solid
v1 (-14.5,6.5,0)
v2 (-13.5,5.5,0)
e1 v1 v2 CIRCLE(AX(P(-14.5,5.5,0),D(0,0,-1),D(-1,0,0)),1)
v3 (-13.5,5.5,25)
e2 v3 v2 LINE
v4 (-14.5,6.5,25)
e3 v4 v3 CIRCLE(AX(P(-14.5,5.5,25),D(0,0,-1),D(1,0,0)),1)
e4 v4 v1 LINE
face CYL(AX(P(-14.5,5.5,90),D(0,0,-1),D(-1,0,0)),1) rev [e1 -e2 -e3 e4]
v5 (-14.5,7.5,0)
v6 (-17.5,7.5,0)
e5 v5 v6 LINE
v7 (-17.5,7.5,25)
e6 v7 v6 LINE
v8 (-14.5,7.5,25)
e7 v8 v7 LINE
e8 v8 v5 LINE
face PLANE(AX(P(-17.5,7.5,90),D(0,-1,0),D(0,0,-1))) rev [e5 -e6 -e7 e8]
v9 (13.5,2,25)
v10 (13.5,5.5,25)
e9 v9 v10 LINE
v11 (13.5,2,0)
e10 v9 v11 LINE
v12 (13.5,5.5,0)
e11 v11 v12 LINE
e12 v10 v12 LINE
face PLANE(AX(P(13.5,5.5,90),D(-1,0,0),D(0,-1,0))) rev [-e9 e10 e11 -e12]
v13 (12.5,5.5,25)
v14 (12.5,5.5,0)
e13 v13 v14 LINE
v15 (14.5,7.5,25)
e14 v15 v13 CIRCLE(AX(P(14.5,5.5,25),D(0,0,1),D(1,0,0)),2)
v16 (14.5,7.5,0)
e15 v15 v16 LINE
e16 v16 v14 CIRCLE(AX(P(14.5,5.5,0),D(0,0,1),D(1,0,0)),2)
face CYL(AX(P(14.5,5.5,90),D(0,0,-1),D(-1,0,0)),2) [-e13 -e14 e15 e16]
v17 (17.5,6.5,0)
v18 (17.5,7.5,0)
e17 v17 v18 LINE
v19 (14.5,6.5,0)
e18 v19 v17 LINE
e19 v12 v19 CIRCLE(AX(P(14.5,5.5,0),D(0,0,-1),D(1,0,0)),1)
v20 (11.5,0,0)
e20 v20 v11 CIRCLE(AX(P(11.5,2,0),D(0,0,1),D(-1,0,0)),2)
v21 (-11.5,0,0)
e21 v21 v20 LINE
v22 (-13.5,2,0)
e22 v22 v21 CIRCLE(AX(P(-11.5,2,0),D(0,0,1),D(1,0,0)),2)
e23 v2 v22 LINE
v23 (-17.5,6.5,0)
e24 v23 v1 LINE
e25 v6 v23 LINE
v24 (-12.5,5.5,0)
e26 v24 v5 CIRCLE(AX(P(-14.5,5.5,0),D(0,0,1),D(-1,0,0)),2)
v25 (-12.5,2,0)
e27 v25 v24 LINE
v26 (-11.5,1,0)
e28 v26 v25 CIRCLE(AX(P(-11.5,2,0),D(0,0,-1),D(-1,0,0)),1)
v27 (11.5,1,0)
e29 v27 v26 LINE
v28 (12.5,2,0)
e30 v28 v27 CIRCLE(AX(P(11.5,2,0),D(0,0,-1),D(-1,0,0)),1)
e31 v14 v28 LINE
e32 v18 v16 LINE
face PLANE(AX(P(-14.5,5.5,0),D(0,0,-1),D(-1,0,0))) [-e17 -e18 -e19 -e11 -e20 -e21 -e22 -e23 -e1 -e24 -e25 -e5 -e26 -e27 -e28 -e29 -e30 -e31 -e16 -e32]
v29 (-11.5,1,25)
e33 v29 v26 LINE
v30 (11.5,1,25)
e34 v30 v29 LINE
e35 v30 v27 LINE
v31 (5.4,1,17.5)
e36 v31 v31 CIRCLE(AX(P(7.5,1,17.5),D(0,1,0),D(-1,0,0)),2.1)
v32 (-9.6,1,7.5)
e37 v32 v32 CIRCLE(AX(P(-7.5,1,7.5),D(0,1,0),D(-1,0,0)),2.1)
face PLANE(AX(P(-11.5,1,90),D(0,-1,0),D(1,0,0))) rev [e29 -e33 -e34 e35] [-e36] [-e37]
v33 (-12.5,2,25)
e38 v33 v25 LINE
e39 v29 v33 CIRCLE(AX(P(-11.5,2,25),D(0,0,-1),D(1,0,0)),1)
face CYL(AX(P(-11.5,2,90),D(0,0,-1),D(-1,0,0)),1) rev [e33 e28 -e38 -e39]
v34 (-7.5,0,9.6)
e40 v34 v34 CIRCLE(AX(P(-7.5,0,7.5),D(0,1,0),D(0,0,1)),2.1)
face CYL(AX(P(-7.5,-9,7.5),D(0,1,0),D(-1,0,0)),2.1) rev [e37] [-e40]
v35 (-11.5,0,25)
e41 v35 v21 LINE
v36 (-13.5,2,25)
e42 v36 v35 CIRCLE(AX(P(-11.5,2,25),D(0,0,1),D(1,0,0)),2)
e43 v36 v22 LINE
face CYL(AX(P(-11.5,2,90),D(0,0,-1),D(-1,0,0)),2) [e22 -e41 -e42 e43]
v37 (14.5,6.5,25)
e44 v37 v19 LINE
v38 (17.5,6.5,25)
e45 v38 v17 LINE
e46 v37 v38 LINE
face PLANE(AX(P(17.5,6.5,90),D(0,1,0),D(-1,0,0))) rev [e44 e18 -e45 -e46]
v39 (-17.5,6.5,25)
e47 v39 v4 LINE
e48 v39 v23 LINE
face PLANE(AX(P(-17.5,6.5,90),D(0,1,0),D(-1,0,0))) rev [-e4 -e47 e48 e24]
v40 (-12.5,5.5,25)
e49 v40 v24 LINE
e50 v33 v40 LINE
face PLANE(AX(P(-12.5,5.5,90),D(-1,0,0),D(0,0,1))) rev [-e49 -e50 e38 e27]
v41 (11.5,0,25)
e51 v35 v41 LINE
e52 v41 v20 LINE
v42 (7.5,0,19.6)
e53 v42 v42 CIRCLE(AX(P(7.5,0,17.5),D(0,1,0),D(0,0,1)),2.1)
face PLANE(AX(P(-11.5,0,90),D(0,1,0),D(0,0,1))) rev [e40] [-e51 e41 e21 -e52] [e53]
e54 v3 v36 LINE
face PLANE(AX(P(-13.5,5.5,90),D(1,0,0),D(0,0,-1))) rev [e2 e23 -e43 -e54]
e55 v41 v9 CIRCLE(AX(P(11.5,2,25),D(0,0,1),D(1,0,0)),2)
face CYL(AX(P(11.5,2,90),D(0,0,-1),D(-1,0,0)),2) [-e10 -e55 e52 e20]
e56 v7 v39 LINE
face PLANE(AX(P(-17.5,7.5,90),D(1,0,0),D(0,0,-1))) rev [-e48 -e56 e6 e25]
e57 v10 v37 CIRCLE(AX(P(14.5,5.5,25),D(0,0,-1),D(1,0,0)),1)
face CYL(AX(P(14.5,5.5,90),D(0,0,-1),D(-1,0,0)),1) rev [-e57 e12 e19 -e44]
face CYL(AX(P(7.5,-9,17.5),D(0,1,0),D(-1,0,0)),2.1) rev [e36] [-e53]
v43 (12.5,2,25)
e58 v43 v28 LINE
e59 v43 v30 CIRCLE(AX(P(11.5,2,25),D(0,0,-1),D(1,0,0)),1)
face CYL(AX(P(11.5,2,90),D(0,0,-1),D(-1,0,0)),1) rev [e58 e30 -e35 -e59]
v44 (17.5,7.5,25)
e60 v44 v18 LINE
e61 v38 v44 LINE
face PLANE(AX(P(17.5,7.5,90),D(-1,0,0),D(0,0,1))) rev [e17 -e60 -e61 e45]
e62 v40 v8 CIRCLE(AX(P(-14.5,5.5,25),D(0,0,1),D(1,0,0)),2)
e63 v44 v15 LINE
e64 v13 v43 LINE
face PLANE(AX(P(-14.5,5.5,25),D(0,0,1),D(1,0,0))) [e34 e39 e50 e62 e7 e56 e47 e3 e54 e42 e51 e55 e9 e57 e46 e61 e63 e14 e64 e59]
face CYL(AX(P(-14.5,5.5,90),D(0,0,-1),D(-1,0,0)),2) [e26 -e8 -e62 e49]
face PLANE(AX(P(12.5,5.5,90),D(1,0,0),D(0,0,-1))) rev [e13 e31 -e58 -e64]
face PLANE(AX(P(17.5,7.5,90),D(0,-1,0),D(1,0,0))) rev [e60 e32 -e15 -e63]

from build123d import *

# Parameters (mm, degrees)
EXTRUDE_1_DEPTH     = 90
CUT_EXTRUDE_START   = -65
CUT_EXTRUDE_2_DEPTH = 65
SKETCH_4_R          = 2.1
CUT_EXTRUDE_3_DEPTH = 10


with BuildPart() as part:
    # Эскиз1 → Вытянуть1 (new body)
    with BuildSketch(Plane.XY):
        with BuildLine():
            Line((-17.5, 6.5), (-14.5, 6.5))
            ThreePointArc((-14.5, 6.5), (-13.792893219, 6.207106781), (-13.5, 5.5))
            Line((-13.5, 5.5), (-13.5, 2))
            ThreePointArc((-13.5, 2), (-12.914213562, 0.585786438), (-11.5, 0))
            Line((-11.5, 0), (11.5, 0))
            ThreePointArc((11.5, 0), (12.914213562, 0.585786438), (13.5, 2))
            Line((13.5, 2), (13.5, 5.5))
            ThreePointArc((13.5, 5.5), (13.792893219, 6.207106781), (14.5, 6.5))
            Line((14.5, 6.5), (17.5, 6.5))
            Line((17.5, 6.5), (17.5, 7.5))
            Line((17.5, 7.5), (14.5, 7.5))
            ThreePointArc((14.5, 7.5), (13.085786438, 6.914213562), (12.5, 5.5))
            Line((12.5, 5.5), (12.5, 2))
            ThreePointArc((12.5, 2), (12.207106781, 1.292893219), (11.5, 1))
            Line((11.5, 1), (-11.5, 1))
            ThreePointArc((-11.5, 1), (-12.207106781, 1.292893219), (-12.5, 2))
            Line((-12.5, 2), (-12.5, 5.5))
            ThreePointArc((-12.5, 5.5), (-13.085786438, 6.914213562), (-14.5, 7.5))
            Line((-14.5, 7.5), (-17.5, 7.5))
            Line((-17.5, 7.5), (-17.5, 6.5))
        make_face()
    extrude(amount=EXTRUDE_1_DEPTH)

    # Эскиз3 → Вырез-Вытянуть2 (cut)
    with BuildSketch(Plane.XY.offset(90).offset(CUT_EXTRUDE_START)):
        with BuildLine():
            Line((-17.5, 7.5), (-17.5, 6.5))
            Line((-17.5, 6.5), (-14.5, 6.5))
            ThreePointArc((-14.5, 6.5), (-13.792893219, 6.207106781), (-13.5, 5.5))
            Line((-13.5, 5.5), (-13.5, 2))
            ThreePointArc((-13.5, 2), (-12.914213562, 0.585786438), (-11.5, 0))
            Line((-11.5, 0), (11.5, 0))
            ThreePointArc((11.5, 0), (12.914213562, 0.585786438), (13.5, 2))
            Line((13.5, 2), (13.5, 5.5))
            ThreePointArc((13.5, 5.5), (13.792893219, 6.207106781), (14.5, 6.5))
            Line((14.5, 6.5), (17.5, 6.5))
            Line((17.5, 6.5), (17.5, 7.5))
            Line((17.5, 7.5), (14.5, 7.5))
            ThreePointArc((14.5, 7.5), (13.085786438, 6.914213562), (12.5, 5.5))
            Line((12.5, 5.5), (12.5, 2))
            ThreePointArc((12.5, 2), (12.207106781, 1.292893219), (11.5, 1))
            Line((11.5, 1), (-11.5, 1))
            ThreePointArc((-11.5, 1), (-12.207106781, 1.292893219), (-12.5, 2))
            Line((-12.5, 2), (-12.5, 5.5))
            ThreePointArc((-12.5, 5.5), (-13.085786438, 6.914213562), (-14.5, 7.5))
            Line((-14.5, 7.5), (-17.5, 7.5))
        make_face()
    extrude(amount=CUT_EXTRUDE_2_DEPTH, mode=Mode.SUBTRACT)

    # Эскиз4 → Вырез-Вытянуть3 (cut)
    with BuildSketch(Plane(origin=(0, 1, 0), x_dir=(-1, 0, 0), z_dir=(0, 1, 0))):
        with Locations((7.5, 7.5)):
            Circle(SKETCH_4_R)
        with Locations((-7.5, 17.5)):
            Circle(SKETCH_4_R)
    extrude(amount=-CUT_EXTRUDE_3_DEPTH, mode=Mode.SUBTRACT)


solid = part.part
